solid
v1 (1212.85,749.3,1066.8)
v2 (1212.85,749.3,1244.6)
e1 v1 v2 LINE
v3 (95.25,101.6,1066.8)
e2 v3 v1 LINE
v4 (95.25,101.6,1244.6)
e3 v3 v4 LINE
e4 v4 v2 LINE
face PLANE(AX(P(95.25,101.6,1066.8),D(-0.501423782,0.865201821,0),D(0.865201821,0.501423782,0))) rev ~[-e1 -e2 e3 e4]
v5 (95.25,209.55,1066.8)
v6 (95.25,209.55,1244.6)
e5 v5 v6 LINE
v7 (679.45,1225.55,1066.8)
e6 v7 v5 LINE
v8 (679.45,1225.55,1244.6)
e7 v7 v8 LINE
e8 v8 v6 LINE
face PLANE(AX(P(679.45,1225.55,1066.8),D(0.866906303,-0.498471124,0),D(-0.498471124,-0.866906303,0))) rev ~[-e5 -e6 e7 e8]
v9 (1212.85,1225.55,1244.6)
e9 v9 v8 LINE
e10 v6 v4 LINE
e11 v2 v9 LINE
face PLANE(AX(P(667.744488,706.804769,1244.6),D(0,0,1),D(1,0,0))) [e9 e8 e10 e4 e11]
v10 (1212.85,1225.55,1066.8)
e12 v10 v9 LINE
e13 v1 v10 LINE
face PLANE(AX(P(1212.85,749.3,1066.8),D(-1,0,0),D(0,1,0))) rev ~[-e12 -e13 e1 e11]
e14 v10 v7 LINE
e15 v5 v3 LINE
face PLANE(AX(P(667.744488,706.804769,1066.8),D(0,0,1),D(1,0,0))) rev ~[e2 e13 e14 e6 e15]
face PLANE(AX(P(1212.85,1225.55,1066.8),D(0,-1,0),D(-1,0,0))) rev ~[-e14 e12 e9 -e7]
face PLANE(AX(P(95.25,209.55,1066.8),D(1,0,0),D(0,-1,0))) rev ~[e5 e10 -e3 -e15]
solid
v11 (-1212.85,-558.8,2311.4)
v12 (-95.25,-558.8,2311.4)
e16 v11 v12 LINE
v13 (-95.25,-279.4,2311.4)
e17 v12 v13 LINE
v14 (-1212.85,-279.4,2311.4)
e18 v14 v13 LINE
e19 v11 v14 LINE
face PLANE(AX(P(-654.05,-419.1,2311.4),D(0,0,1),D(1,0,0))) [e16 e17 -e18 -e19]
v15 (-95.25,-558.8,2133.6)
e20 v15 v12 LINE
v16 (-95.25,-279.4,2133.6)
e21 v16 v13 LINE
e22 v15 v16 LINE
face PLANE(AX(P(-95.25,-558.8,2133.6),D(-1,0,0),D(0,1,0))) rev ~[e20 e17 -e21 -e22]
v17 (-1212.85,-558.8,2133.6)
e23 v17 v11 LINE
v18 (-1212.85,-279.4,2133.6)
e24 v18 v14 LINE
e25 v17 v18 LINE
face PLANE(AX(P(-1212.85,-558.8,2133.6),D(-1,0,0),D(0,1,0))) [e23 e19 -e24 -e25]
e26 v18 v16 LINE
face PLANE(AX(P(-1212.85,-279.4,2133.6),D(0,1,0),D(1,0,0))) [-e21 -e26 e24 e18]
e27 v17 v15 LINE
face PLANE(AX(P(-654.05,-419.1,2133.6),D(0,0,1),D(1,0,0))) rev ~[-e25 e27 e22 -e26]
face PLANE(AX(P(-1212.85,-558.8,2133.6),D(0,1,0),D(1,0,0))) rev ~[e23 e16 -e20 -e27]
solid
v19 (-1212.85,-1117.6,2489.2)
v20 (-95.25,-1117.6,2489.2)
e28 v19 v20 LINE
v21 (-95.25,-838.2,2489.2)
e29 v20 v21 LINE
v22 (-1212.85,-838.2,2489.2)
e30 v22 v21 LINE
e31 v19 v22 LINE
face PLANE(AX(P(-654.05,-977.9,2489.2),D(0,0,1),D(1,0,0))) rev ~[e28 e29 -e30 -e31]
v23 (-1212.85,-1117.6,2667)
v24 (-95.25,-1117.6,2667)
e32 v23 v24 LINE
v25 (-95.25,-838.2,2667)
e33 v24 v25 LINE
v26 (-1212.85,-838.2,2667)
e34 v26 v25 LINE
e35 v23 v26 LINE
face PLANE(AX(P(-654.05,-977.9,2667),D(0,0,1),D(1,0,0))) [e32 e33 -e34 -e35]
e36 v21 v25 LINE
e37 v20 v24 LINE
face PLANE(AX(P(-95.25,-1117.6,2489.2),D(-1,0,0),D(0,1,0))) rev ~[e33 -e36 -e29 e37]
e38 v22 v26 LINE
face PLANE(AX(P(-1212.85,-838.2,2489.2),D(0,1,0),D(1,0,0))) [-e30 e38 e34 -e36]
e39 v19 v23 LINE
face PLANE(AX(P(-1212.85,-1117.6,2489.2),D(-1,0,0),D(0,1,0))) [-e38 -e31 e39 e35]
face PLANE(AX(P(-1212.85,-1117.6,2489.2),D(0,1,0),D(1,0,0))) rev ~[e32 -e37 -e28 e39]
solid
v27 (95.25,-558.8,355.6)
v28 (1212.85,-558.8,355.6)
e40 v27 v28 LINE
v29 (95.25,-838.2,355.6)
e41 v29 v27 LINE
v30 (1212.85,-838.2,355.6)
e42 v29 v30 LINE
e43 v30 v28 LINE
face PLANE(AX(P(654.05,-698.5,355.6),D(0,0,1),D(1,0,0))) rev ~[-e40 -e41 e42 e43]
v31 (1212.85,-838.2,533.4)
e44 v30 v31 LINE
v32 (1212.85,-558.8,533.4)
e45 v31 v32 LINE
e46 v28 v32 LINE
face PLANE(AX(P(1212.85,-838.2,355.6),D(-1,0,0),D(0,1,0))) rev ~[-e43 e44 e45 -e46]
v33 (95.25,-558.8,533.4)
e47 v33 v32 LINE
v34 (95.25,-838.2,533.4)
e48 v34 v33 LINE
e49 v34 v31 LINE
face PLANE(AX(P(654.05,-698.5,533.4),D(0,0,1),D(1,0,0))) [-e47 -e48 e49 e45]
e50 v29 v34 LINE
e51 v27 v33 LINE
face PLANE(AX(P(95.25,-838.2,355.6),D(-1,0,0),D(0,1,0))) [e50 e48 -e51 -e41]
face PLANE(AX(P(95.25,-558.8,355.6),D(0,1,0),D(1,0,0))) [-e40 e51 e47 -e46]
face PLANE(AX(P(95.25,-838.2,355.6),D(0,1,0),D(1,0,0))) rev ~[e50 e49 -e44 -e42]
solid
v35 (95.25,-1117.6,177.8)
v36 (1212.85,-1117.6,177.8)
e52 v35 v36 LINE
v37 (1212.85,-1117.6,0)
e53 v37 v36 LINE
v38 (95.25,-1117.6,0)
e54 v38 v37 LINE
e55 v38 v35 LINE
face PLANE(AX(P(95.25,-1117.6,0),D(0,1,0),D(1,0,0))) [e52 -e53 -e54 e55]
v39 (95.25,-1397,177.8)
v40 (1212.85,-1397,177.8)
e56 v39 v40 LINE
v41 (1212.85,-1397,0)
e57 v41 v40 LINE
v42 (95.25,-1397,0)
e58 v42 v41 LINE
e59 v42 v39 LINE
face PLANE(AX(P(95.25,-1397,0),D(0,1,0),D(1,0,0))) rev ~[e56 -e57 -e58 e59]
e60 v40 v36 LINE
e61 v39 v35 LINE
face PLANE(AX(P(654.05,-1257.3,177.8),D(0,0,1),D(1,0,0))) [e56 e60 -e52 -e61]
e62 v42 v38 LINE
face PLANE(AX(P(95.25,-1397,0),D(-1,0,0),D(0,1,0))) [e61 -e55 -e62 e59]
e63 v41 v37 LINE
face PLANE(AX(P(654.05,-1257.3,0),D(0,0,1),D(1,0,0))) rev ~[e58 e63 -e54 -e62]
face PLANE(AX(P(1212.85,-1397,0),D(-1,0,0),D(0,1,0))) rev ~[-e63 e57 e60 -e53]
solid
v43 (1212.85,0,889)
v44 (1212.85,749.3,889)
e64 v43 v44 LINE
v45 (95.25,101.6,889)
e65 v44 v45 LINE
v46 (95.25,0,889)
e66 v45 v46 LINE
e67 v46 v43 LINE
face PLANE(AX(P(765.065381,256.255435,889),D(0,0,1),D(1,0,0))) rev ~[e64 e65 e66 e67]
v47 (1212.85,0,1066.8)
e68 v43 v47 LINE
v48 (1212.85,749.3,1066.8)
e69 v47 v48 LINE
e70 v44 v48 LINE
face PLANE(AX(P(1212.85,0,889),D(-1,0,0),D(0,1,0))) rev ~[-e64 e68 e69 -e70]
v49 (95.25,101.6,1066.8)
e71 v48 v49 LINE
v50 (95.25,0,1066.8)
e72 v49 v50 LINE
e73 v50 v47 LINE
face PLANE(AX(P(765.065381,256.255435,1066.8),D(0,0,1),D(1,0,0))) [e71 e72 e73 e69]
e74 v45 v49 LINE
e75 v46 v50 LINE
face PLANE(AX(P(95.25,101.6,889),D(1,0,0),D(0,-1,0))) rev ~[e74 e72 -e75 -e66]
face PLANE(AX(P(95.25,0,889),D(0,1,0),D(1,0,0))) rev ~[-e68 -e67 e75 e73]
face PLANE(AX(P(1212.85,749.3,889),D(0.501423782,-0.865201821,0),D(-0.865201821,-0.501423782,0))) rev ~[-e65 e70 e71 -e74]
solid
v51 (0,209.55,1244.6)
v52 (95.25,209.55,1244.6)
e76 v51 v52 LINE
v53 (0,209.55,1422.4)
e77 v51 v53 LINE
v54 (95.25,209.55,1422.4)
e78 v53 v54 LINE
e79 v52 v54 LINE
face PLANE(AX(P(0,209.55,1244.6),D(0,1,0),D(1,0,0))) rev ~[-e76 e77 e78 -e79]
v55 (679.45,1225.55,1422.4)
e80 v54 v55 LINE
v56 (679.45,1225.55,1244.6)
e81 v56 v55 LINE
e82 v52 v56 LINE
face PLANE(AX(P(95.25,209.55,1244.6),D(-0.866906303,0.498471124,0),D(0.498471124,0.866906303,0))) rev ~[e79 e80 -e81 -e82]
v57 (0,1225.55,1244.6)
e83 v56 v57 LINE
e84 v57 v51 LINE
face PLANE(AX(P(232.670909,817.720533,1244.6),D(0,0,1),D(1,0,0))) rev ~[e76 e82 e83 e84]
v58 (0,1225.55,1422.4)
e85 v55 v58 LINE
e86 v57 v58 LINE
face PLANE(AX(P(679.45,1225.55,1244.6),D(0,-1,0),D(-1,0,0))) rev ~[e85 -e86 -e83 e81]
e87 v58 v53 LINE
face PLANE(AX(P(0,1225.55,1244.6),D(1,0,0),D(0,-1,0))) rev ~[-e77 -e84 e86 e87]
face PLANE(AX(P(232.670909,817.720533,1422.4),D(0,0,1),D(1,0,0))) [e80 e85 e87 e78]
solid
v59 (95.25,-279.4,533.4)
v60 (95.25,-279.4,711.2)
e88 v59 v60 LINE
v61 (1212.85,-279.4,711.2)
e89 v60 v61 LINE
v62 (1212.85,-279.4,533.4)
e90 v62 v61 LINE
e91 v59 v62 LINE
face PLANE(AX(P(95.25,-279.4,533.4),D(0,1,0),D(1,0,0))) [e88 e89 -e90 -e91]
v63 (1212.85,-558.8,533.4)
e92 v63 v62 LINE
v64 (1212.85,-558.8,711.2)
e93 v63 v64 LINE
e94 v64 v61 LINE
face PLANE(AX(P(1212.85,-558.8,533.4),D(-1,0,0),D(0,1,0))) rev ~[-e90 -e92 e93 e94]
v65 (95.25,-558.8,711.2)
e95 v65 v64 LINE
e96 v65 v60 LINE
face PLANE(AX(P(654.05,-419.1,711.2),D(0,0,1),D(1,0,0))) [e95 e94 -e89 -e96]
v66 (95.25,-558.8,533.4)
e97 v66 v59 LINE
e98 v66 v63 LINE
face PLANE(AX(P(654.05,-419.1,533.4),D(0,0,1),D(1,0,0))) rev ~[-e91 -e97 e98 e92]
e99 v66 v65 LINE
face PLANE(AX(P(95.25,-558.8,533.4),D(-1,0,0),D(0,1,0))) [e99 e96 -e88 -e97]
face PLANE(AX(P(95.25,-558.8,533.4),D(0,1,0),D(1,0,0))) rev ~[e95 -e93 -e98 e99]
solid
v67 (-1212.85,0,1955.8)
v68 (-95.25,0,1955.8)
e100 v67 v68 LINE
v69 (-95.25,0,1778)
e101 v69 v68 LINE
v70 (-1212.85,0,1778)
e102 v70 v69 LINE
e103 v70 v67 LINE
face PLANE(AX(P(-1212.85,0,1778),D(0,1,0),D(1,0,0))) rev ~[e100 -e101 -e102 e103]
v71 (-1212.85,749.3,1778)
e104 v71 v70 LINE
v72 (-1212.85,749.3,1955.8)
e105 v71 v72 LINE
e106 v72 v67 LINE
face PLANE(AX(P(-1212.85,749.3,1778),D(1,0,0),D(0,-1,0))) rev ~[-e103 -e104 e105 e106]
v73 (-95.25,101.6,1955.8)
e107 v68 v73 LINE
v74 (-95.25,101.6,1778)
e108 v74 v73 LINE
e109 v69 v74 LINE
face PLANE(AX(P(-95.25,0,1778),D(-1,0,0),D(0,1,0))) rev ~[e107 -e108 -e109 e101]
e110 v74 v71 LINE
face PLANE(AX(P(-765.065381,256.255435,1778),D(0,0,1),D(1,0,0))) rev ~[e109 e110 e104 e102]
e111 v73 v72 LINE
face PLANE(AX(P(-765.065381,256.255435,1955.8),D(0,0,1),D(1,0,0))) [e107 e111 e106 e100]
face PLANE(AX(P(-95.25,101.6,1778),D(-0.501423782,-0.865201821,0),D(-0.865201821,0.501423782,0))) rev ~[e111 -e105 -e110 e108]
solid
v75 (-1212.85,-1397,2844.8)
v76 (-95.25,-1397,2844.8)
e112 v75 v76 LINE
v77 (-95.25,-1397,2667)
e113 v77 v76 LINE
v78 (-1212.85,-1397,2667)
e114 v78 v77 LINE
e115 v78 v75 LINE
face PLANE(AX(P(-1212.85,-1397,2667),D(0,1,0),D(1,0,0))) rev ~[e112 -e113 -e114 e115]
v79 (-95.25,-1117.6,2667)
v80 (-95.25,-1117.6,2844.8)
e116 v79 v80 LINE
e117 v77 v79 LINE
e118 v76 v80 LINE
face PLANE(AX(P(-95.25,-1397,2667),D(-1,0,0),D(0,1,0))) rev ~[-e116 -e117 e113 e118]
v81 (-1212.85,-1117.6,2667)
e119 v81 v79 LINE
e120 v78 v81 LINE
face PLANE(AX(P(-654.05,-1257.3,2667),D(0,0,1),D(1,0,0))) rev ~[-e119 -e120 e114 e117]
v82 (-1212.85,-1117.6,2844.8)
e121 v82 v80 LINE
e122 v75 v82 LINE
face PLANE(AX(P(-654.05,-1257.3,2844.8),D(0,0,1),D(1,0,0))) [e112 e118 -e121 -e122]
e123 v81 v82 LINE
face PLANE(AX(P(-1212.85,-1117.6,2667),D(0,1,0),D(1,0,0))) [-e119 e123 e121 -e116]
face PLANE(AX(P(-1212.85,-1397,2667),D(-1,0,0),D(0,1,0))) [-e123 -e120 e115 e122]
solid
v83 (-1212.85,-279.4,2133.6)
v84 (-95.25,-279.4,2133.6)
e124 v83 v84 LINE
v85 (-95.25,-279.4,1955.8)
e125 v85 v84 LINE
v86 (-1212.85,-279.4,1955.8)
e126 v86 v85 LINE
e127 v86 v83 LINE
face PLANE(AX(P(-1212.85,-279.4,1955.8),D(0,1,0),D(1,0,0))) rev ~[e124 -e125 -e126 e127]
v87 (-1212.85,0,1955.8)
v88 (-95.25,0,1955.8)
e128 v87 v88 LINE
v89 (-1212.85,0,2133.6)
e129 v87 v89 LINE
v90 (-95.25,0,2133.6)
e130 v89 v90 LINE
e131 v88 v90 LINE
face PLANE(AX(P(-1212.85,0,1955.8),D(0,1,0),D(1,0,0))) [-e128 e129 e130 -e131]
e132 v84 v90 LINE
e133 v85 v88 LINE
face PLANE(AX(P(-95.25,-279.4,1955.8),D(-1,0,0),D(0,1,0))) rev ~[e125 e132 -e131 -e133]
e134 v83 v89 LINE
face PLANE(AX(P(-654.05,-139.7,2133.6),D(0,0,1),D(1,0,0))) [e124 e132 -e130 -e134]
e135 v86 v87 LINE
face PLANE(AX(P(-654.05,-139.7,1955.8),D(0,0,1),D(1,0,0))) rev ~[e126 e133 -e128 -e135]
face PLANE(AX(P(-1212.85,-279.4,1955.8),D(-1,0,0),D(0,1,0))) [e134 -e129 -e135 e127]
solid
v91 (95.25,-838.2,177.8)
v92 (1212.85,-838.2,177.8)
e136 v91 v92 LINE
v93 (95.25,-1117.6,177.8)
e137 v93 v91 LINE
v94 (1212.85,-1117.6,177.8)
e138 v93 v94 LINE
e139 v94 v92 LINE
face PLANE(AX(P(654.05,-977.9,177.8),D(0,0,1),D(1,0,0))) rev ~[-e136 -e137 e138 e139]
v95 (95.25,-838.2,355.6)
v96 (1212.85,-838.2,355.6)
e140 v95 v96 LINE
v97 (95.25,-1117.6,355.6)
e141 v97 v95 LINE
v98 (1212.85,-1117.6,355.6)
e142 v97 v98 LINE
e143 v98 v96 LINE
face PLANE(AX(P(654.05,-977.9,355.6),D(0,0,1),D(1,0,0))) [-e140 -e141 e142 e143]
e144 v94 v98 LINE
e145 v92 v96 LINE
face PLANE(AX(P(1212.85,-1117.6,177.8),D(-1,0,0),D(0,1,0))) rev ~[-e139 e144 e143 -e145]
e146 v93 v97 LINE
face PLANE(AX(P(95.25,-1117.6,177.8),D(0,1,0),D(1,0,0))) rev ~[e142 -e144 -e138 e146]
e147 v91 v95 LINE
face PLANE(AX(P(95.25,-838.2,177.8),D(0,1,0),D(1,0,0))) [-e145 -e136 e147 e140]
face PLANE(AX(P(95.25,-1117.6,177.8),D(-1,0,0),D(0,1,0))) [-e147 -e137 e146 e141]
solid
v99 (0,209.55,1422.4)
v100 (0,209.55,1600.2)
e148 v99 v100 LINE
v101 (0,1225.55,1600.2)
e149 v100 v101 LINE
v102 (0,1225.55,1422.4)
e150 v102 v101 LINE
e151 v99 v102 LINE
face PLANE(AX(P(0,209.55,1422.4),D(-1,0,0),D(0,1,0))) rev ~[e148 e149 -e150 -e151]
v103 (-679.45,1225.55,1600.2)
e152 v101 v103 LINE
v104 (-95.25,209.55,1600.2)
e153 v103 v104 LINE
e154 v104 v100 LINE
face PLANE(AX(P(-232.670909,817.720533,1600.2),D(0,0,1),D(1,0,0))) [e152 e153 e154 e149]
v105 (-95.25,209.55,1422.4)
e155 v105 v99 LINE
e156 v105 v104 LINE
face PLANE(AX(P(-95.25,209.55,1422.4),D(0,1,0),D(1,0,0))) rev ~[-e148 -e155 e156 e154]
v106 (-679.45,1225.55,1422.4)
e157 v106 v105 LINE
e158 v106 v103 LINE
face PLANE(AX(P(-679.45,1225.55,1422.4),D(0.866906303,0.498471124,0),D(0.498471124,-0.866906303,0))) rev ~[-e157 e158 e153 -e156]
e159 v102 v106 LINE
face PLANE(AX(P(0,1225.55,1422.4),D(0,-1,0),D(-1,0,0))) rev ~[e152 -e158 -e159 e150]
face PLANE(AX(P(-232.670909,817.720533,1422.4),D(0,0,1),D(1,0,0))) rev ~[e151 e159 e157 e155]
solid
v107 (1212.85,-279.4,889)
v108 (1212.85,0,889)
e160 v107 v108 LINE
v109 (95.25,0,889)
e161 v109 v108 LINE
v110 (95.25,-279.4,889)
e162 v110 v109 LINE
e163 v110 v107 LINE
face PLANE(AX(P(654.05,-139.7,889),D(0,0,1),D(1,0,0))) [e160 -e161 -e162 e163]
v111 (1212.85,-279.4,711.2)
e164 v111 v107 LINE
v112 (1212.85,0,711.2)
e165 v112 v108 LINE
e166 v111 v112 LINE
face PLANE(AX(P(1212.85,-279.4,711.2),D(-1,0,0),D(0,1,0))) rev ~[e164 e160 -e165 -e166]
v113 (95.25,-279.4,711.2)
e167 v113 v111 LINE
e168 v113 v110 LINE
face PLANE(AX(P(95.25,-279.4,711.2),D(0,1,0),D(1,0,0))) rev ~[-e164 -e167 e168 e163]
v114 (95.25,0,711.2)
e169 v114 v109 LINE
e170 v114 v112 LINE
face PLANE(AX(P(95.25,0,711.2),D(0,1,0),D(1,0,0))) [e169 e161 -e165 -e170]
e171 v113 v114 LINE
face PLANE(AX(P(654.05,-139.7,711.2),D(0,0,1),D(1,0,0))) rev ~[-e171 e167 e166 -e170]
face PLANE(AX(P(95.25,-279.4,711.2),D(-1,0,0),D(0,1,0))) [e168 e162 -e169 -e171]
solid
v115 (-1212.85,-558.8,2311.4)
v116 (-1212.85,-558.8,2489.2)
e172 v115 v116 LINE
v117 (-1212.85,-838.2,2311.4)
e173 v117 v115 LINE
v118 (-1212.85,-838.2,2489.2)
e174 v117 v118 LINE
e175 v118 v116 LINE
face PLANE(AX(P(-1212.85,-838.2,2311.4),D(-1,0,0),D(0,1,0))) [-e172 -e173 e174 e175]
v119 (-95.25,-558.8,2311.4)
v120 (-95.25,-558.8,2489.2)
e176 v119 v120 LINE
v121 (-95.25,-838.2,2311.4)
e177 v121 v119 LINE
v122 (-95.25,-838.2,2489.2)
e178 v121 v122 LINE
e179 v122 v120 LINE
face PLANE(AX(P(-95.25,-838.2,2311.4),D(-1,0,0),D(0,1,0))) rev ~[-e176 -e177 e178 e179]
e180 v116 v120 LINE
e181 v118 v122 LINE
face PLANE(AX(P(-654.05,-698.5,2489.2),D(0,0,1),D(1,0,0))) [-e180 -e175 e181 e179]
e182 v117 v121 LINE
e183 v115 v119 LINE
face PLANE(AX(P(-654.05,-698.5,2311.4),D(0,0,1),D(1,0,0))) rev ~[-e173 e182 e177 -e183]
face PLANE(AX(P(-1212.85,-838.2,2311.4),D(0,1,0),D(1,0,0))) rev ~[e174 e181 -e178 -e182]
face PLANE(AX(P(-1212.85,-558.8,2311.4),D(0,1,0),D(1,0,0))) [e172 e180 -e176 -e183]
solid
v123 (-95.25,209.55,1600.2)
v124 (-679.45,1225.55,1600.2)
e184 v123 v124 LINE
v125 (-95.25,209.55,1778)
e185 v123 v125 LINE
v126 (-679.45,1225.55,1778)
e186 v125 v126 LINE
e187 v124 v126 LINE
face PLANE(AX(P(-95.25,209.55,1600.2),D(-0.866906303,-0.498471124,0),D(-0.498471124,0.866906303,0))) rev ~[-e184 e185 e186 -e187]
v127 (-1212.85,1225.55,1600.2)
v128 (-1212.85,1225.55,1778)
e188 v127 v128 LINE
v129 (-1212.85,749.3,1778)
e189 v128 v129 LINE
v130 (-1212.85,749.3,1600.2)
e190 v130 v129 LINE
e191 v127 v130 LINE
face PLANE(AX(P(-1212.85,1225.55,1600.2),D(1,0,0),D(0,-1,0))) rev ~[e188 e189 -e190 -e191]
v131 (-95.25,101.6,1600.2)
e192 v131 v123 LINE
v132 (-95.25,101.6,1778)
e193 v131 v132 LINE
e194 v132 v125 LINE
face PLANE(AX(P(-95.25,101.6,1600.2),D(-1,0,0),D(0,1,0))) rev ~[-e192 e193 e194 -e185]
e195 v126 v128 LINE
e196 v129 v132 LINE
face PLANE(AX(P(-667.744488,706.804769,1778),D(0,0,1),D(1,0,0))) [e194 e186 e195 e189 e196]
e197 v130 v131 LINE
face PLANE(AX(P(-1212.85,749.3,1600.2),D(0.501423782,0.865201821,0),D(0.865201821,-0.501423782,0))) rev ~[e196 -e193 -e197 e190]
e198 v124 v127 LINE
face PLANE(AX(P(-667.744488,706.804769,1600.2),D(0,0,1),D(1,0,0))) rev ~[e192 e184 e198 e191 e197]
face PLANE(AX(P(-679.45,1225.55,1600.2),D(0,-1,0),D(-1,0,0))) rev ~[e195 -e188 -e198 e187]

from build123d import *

# Parameters (mm, degrees)
F1_W      = 1117.6
F1_H      = 279.4
F3_DEPTH  = 177.8
F4_START  = 177.8
F4_DEPTH  = 177.8
F5_START  = 355.6
F5_DEPTH  = 177.8
F6_START  = 533.4
F6_DEPTH  = 177.8
F7_START  = 711.2
F7_DEPTH  = 177.8
F8_START  = 889
F8_DEPTH  = 177.8
F9_START  = 1066.8
F9_DEPTH  = 177.8
F10_START = 1244.6
F10_DEPTH = 177.8
F11_START = 1422.4
F11_DEPTH = 177.8
F12_START = 1600.2
F12_DEPTH = 177.8
F13_START = 1778
F13_DEPTH = 177.8
F14_START = 1955.8
F2_W      = 1117.6
F2_H      = 279.4
F14_DEPTH = 177.8
F15_START = 2133.6
F15_DEPTH = 177.8
F16_START = 2311.4
F16_DEPTH = 177.8
F17_START = 2489.2
F17_DEPTH = 177.8
F18_START = 2667
F18_DEPTH = 177.8


with BuildPart() as f3:
    # F1 (on Top) → F3 (new body)
    with BuildSketch(Plane.XY):
        with Locations((654.05, -1257.3)):
            Rectangle(F1_W, F1_H)
    extrude(amount=F3_DEPTH)


with BuildPart() as f4:
    # F1 (on Top) → F4 (new body)
    with BuildSketch(Plane.XY.offset(F4_START)):
        with Locations((654.05, -977.9)):
            Rectangle(F1_W, F1_H)
    extrude(amount=F4_DEPTH)


with BuildPart() as f5:
    # F1 (on Top) → F5 (new body)
    with BuildSketch(Plane.XY.offset(F5_START)):
        with Locations((654.05, -698.5)):
            Rectangle(F1_W, F1_H)
    extrude(amount=F5_DEPTH)


with BuildPart() as f6:
    # F1 (on Top) → F6 (new body)
    with BuildSketch(Plane.XY.offset(F6_START)):
        with Locations((654.05, -419.1)):
            Rectangle(F1_W, F1_H)
    extrude(amount=F6_DEPTH)


with BuildPart() as f7:
    # F1 (on Top) → F7 (new body)
    with BuildSketch(Plane.XY.offset(F7_START)):
        with Locations((654.05, -139.7)):
            Rectangle(F1_W, F1_H)
    extrude(amount=F7_DEPTH)


with BuildPart() as f8:
    # F1 (on Top) → F8 (new body)
    with BuildSketch(Plane.XY.offset(F8_START)):
        Polygon((95.25, 101.6), (95.25, 0), (1212.85, 0), (1212.85, 749.3), align=None)
    extrude(amount=F8_DEPTH)


with BuildPart() as f9:
    # F1 (on Top) → F9 (new body)
    with BuildSketch(Plane.XY.offset(F9_START)):
        Polygon((95.25, 209.55), (95.25, 101.6), (1212.85, 749.3), (1212.85, 1225.55), (679.45, 1225.55), align=None)
    extrude(amount=F9_DEPTH)


with BuildPart() as f10:
    # F1 (on Top) → F10 (new body)
    with BuildSketch(Plane.XY.offset(F10_START)):
        Polygon((0, 209.55), (95.25, 209.55), (679.45, 1225.55), (0, 1225.55), align=None)
    extrude(amount=F10_DEPTH)


with BuildPart() as f11:
    # F2 (on Top) → F11 (new body)
    with BuildSketch(Plane.XY.offset(F11_START)):
        Polygon((-95.25, 209.55), (0, 209.55), (0, 1225.55), (-679.45, 1225.55), align=None)
    extrude(amount=F11_DEPTH)


with BuildPart() as f12:
    # F2 (on Top) → F12 (new body)
    with BuildSketch(Plane.XY.offset(F12_START)):
        Polygon((-95.25, 101.6), (-95.25, 209.55), (-679.45, 1225.55), (-1212.85, 1225.55), (-1212.85, 749.3), align=None)
    extrude(amount=F12_DEPTH)


with BuildPart() as f13:
    # F2 (on Top) → F13 (new body)
    with BuildSketch(Plane.XY.offset(F13_START)):
        Polygon((-95.25, 0), (-95.25, 101.6), (-1212.85, 749.3), (-1212.85, 0), align=None)
    extrude(amount=F13_DEPTH)


with BuildPart() as f14:
    # F2 (on Top) → F14 (new body)
    with BuildSketch(Plane.XY.offset(F14_START)):
        with Locations((-654.05, -139.7)):
            Rectangle(F2_W, F2_H)
    extrude(amount=F14_DEPTH)


with BuildPart() as f15:
    # F2 (on Top) → F15 (new body)
    with BuildSketch(Plane.XY.offset(F15_START)):
        with Locations((-654.05, -419.1)):
            Rectangle(F2_W, F2_H)
    extrude(amount=F15_DEPTH)


with BuildPart() as f16:
    # F2 (on Top) → F16 (new body)
    with BuildSketch(Plane.XY.offset(F16_START)):
        with Locations((-654.05, -698.5)):
            Rectangle(F2_W, F2_H)
    extrude(amount=F16_DEPTH)

    # F2 (on Top) → F17 (join)
    with BuildSketch(Plane.XY.offset(F17_START)):
        with Locations((-654.05, -977.9)):
            Rectangle(F2_W, F2_H)
    extrude(amount=F17_DEPTH)


with BuildPart() as f18:
    # F2 (on Top) → F18 (new body)
    with BuildSketch(Plane.XY.offset(F18_START)):
        with Locations((-654.05, -1257.3)):
            Rectangle(F2_W, F2_H)
    extrude(amount=F18_DEPTH)


solid = Compound([f3.part, f4.part, f5.part, f6.part, f7.part, f8.part, f9.part, f10.part, f11.part, f12.part, f13.part, f14.part, f15.part, f16.part, f18.part])
